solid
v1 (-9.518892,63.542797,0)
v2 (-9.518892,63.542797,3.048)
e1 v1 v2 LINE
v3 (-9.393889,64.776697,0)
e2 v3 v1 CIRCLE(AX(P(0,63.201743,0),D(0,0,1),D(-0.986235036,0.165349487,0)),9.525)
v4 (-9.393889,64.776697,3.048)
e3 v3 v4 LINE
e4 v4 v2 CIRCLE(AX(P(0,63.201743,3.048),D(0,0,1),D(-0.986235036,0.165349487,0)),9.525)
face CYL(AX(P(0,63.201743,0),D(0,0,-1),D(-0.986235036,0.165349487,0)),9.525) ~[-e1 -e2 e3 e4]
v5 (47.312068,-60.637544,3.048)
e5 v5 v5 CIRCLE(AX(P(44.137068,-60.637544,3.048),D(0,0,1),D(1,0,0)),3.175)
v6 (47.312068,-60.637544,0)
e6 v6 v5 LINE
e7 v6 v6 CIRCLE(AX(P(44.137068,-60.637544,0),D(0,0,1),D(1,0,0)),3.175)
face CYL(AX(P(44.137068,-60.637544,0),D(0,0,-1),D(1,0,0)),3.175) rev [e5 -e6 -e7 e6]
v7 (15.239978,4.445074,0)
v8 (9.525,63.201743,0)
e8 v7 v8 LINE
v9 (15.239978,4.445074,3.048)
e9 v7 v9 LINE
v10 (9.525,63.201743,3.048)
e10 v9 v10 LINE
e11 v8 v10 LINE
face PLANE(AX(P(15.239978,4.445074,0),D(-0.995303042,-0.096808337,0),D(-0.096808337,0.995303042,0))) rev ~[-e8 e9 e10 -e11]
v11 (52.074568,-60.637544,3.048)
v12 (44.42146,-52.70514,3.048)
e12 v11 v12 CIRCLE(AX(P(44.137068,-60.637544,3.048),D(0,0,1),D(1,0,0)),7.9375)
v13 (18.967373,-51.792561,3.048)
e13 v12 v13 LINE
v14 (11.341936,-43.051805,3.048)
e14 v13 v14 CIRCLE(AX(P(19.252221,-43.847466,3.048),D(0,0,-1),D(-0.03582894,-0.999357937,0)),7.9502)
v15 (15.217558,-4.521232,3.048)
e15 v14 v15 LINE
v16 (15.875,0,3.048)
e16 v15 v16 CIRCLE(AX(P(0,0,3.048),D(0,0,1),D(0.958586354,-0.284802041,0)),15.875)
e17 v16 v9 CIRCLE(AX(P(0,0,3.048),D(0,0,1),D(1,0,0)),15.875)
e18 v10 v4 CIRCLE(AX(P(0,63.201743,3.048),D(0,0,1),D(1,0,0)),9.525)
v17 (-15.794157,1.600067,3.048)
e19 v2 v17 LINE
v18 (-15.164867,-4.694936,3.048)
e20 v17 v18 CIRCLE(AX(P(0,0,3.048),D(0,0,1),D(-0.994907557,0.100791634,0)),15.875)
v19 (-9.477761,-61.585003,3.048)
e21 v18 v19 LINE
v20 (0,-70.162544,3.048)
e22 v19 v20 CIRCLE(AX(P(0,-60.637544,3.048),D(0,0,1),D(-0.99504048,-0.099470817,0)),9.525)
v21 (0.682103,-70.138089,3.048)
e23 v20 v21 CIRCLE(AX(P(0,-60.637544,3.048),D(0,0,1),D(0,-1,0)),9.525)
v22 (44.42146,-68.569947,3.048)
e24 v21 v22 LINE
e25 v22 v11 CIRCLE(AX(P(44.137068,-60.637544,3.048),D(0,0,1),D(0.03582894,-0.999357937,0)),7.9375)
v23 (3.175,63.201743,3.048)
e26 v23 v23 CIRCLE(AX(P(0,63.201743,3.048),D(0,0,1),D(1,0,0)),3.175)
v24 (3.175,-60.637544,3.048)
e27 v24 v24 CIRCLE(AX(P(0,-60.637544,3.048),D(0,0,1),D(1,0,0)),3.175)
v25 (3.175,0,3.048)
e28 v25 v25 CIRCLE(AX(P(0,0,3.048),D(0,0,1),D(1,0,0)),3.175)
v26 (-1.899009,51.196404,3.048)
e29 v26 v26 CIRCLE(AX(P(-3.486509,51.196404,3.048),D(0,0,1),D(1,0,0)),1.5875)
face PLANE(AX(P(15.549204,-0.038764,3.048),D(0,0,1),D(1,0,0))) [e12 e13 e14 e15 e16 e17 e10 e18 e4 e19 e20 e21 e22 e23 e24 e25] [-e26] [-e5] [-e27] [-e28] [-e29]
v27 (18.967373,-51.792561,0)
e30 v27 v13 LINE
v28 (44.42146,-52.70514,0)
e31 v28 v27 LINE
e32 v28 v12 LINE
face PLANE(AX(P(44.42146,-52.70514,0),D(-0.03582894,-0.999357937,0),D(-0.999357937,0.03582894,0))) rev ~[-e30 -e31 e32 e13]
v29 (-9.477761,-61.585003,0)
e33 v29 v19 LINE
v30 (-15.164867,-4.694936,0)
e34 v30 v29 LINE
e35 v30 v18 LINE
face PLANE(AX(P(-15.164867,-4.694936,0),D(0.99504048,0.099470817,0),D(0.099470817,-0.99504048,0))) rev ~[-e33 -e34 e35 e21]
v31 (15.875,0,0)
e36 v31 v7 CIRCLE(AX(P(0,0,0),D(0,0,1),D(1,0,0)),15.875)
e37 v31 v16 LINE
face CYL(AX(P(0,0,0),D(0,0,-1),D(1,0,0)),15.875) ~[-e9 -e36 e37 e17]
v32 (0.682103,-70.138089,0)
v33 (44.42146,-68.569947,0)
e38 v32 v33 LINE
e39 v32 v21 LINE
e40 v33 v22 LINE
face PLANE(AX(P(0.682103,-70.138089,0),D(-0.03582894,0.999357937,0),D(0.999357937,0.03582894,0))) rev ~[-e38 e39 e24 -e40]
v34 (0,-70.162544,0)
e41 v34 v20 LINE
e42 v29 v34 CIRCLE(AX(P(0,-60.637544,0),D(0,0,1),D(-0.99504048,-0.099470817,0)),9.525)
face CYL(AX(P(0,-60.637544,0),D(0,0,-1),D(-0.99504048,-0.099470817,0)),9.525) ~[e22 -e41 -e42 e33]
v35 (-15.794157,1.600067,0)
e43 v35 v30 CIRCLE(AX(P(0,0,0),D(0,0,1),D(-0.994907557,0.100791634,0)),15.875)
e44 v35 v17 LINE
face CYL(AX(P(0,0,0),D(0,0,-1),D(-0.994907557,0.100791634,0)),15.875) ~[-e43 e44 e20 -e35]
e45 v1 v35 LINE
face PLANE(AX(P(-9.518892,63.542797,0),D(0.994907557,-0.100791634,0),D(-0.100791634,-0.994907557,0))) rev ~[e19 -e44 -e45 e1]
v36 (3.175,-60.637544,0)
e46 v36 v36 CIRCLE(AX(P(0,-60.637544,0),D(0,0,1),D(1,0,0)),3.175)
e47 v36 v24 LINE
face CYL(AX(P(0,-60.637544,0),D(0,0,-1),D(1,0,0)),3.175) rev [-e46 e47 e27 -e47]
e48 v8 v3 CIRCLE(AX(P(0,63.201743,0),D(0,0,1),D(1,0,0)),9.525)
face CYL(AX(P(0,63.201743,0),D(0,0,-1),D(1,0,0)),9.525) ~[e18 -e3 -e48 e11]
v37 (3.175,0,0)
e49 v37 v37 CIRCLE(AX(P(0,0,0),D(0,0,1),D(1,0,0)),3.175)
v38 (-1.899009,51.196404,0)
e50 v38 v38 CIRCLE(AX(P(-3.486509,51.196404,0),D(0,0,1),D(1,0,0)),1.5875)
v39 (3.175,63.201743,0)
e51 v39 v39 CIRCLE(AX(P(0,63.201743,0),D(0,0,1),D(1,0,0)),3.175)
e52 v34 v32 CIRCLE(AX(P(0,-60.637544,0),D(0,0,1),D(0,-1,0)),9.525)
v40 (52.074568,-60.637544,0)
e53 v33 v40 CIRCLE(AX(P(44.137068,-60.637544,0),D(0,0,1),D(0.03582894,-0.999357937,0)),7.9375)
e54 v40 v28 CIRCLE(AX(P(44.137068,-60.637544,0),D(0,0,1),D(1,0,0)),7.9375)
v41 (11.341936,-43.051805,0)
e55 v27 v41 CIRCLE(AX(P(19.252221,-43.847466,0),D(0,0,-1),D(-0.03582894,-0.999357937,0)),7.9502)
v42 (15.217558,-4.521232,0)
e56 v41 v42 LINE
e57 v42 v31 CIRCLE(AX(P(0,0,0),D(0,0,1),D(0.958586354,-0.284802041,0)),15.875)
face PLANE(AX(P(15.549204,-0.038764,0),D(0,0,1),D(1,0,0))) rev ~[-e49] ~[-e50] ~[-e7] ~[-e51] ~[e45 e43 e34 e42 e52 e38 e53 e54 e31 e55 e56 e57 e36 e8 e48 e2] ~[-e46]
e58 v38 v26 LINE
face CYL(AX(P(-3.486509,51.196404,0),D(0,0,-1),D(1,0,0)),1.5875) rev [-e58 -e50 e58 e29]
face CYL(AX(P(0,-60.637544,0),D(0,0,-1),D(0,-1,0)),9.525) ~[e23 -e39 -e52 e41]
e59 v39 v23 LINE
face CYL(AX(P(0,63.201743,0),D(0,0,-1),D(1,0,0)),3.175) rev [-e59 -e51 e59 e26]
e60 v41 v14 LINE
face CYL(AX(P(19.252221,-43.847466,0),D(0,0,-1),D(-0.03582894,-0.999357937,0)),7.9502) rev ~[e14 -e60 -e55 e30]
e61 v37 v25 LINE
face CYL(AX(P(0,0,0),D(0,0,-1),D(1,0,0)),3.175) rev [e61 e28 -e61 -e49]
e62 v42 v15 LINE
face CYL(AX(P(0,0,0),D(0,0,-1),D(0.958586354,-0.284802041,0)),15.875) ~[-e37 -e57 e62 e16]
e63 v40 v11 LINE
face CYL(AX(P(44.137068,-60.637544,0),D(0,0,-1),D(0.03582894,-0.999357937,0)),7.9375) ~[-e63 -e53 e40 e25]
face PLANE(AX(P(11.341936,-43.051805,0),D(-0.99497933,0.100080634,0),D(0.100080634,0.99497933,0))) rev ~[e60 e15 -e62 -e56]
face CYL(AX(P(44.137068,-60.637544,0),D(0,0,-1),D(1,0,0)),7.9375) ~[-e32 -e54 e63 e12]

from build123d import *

# Parameters (mm, degrees)
F0_R     = 3.175
F0_R_2   = 1.5875
F1_DEPTH = 3.048


with BuildPart() as f1:
    # F0 (on Top) → F1 (new body)
    with BuildSketch(Plane.XY):
        with BuildLine():
            ThreePointArc((15.2175583636, -4.5212324038), (15.7097798206, -2.2843911636), (15.875, 0))
            ThreePointArc((15.875, 0), (15.7154427804, 2.2451020501), (15.2399784925, 4.4450737392))
            Line((15.2399784925, 4.4450737392), (15.6723294249, 0))
            Line((15.6723294249, 0), (15.2175583636, -4.5212324038))
        make_face()
        with BuildLine():
            Line((15.6723294249, 0), (15.2399784925, 4.4450737392))
            ThreePointArc((15.2399784925, 4.4450737392), (-1.4492391645, 15.8087106003), (-15.7941574641, 1.6000671854))
            Line((-15.7941574641, 1.6000671854), (-15.1648674008, -4.6949357522))
            ThreePointArc((-15.1648674008, -4.6949357522), (0.0907595599, -15.8747405554), (15.2175583636, -4.5212324038))
            Line((15.2175583636, -4.5212324038), (15.6723294249, 0))
        make_face()
        Circle(F0_R, mode=Mode.SUBTRACT)
        with BuildLine():
            ThreePointArc((-15.7941574641, 1.6000671854), (-1.4492391645, 15.8087106003), (15.2399784925, 4.4450737392))
            Line((15.2399784925, 4.4450737392), (9.525, 63.2017431796))
            ThreePointArc((9.525, 63.2017431796), (-0.1705540325, 53.6782702667), (-9.5188921411, 63.5427965568))
            Line((-9.5188921411, 63.5427965568), (-15.7941574641, 1.6000671854))
        make_face()
        with Locations((-3.4865089692, 51.1964038014)):
            Circle(F0_R_2, mode=Mode.SUBTRACT)
        with BuildLine():
            Line((11.3419360339, -43.0518047142), (15.2175583636, -4.5212324038))
            ThreePointArc((15.2175583636, -4.5212324038), (0.0907595599, -15.8747405554), (-15.1648674008, -4.6949357522))
            Line((-15.1648674008, -4.6949357522), (-9.4777605705, -61.5850032845))
            ThreePointArc((-9.4777605705, -61.5850032845), (-0.4743182298, -51.1243609383), (9.525, -60.6375437504))
            ThreePointArc((9.525, -60.6375437504), (6.9721824676, -67.1270966348), (0.682103068, -70.1380890192))
            Line((0.682103068, -70.1380890192), (44.4214603181, -68.5699473787))
            ThreePointArc((44.4214603181, -68.5699473787), (36.1995681089, -60.6375437504), (44.4214603181, -52.7051401222))
            Line((44.4214603181, -52.7051401222), (18.9673734648, -51.7925612452))
            ThreePointArc((18.9673734648, -51.7925612452), (13.2613732726, -49.0738820504), (11.3419360339, -43.0518047142))
        make_face()
        with BuildLine():
            Line((-15.1648674008, -4.6949357522), (-15.7941574641, 1.6000671854))
            ThreePointArc((-15.7941574641, 1.6000671854), (-15.7962676175, -1.5790992234), (-15.1648674008, -4.6949357522))
        make_face()
        with BuildLine():
            ThreePointArc((-9.5188921411, 63.5427965568), (-0.1705540325, 53.6782702667), (9.525, 63.2017431796))
            ThreePointArc((9.525, 63.2017431796), (0.7902008978, 72.6939087671), (-9.3938887225, 64.776697042))
            Line((-9.3938887225, 64.776697042), (-9.5188921411, 63.5427965568))
        make_face()
        with Locations((0, 63.2017431796)):
            Circle(F0_R, mode=Mode.SUBTRACT)
        with BuildLine():
            ThreePointArc((-9.3938887225, 64.776697042), (-9.4764944785, 64.1617834908), (-9.5188921411, 63.5427965568))
            Line((-9.5188921411, 63.5427965568), (-9.3938887225, 64.776697042))
        make_face()
        with BuildLine():
            ThreePointArc((9.525, -60.6375437504), (-0.4743182298, -51.1243609383), (-9.4777605705, -61.5850032845))
            ThreePointArc((-9.4777605705, -61.5850032845), (-6.3914424404, -67.6997734642), (0, -70.1625437504))
            Line((0, -70.1625437504), (0.682103068, -70.1380890192))
            ThreePointArc((0.682103068, -70.1380890192), (6.9721824676, -67.1270966348), (9.525, -60.6375437504))
        make_face()
        with Locations((0, -60.6375437504)):
            Circle(F0_R, mode=Mode.SUBTRACT)
        with BuildLine():
            Line((0.682103068, -70.1380890192), (0, -70.1625437504))
            ThreePointArc((0, -70.1625437504), (0.3412706511, -70.1564281043), (0.682103068, -70.1380890192))
        make_face()
        with BuildLine():
            ThreePointArc((52.0745681089, -60.6375437504), (49.8493911657, -55.12634864), (44.4214603181, -52.7051401222))
            ThreePointArc((44.4214603181, -52.7051401222), (36.1995681089, -60.6375437504), (44.4214603181, -68.5699473787))
            ThreePointArc((44.4214603181, -68.5699473787), (49.8493911657, -66.1487388608), (52.0745681089, -60.6375437504))
        make_face()
        with Locations((44.1370681089, -60.6375437504)):
            Circle(F0_R, mode=Mode.SUBTRACT)
    extrude(amount=F1_DEPTH)


solid = f1.part
